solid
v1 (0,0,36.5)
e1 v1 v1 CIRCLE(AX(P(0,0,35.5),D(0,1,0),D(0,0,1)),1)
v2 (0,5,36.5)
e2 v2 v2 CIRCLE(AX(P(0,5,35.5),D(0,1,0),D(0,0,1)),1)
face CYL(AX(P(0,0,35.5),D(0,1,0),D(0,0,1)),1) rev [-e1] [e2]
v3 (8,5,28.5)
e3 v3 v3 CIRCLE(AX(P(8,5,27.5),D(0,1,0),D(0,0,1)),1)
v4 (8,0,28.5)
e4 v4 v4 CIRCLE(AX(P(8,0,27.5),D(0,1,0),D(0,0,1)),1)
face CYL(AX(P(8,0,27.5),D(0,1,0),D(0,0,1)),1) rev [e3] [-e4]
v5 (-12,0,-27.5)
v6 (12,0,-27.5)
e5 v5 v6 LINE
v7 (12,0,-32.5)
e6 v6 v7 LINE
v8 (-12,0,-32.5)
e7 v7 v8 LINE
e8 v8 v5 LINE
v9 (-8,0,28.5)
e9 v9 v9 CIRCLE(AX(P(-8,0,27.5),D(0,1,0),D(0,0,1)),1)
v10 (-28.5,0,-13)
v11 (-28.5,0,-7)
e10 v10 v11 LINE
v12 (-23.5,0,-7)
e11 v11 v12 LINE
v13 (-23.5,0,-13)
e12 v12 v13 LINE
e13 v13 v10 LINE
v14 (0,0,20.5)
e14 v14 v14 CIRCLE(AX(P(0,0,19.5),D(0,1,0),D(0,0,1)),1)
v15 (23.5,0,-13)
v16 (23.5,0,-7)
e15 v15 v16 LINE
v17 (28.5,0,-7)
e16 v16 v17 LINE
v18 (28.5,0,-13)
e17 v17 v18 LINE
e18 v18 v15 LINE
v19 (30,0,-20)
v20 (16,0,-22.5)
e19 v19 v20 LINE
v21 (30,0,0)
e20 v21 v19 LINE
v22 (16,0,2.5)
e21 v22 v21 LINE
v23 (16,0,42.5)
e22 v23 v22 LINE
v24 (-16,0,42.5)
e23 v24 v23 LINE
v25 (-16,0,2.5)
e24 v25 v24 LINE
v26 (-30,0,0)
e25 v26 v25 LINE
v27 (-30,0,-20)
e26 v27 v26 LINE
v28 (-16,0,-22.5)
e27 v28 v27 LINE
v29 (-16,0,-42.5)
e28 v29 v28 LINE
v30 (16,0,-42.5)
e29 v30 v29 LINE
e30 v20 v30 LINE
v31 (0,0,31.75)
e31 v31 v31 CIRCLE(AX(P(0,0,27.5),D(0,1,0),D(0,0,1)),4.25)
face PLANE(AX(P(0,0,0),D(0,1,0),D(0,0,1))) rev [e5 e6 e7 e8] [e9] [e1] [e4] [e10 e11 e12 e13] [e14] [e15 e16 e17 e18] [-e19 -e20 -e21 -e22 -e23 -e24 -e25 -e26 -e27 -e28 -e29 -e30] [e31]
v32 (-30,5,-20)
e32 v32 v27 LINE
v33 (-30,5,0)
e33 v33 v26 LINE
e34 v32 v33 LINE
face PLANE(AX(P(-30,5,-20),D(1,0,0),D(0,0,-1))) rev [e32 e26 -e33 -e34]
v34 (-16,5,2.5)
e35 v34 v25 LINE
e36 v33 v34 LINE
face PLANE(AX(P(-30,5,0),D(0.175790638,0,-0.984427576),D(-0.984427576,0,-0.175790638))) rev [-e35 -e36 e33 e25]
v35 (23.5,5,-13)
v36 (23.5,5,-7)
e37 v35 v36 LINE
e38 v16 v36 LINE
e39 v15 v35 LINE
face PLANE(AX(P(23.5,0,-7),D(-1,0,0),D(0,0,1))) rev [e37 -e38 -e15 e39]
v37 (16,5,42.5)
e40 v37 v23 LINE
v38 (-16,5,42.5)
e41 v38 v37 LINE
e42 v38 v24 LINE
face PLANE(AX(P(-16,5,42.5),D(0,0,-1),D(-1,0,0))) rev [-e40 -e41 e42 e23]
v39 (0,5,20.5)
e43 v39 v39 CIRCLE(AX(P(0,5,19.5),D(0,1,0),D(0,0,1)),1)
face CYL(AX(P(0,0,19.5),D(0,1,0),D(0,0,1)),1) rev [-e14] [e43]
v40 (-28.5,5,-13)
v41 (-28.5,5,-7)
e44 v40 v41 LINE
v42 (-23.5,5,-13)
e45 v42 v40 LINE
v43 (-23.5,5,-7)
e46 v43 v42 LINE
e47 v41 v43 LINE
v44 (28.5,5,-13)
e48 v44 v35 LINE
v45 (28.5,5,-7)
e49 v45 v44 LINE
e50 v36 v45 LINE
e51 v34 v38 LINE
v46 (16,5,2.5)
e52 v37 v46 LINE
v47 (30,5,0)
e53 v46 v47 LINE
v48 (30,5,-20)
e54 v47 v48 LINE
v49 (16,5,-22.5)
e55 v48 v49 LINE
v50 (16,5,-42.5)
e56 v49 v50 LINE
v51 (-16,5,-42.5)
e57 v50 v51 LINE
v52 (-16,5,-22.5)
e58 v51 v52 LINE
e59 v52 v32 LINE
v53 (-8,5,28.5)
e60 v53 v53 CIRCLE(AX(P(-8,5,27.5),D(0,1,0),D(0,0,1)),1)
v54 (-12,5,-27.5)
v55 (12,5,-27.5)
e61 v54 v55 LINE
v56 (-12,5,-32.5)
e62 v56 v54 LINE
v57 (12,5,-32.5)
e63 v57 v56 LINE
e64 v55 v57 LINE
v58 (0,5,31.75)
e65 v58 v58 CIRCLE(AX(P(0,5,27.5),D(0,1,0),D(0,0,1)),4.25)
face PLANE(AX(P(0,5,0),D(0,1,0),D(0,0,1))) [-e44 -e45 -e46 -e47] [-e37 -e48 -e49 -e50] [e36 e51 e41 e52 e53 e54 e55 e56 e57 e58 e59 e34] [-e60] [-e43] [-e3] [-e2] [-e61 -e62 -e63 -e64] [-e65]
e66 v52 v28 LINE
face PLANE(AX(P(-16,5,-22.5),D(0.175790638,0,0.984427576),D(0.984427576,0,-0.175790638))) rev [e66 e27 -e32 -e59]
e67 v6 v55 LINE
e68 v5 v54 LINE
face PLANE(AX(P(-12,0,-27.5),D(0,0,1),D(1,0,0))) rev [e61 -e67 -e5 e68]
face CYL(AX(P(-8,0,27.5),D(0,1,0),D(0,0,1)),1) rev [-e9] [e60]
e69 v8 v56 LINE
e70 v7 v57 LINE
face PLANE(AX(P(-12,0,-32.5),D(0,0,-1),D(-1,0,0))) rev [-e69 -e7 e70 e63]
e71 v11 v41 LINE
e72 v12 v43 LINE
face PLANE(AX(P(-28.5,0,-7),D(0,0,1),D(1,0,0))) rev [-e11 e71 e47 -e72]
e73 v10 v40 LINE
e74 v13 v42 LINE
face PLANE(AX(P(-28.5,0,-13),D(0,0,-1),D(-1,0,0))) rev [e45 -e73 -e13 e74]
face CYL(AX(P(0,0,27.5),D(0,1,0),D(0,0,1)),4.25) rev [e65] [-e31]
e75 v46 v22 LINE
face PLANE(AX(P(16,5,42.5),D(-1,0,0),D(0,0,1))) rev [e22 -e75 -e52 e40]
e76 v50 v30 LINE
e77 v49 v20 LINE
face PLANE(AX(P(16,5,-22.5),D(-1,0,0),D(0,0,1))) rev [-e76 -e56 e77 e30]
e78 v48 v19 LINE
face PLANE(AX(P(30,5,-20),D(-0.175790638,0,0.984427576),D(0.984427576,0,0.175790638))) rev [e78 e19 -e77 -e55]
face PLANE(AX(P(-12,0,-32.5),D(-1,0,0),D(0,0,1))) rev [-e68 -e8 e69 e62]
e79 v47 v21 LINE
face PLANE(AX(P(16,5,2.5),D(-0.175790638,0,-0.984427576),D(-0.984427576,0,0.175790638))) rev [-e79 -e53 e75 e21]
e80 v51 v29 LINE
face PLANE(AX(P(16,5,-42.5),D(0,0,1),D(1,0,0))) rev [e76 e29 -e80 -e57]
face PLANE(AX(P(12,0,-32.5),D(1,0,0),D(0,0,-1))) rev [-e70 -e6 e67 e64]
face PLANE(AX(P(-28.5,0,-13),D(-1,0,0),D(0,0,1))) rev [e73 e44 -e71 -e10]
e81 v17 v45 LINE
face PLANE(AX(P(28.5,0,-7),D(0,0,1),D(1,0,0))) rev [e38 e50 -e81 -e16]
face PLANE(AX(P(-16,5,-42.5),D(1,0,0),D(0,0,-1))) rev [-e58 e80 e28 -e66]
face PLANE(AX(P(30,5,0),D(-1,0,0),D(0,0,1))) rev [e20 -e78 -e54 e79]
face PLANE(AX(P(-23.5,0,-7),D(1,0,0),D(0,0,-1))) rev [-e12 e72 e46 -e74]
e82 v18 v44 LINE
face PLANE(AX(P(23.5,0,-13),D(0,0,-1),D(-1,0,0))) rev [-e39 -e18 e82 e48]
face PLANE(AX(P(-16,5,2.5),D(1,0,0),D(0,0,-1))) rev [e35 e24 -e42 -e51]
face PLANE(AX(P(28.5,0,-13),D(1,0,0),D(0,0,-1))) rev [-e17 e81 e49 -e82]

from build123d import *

# Parameters (mm, degrees)
BOSS_EXTRUDE1_DEPTH = 5
SKETCH2_R           = 4.25
SKETCH2_R_2         = 1
SKETCH2_W           = 5
SKETCH2_H           = 6
SKETCH2_W_2         = 24
SKETCH2_H_2         = 5
CUT_EXTRUDE1_DEPTH  = 5


with BuildPart() as part:
    # Sketch1 → Boss-Extrude1 (new body)
    with BuildSketch(Plane(origin=(0, 0, 0), x_dir=(1, 0, 0), z_dir=(0, 1, 0))):
        Polygon((-16, -42.5), (16, -42.5), (16, -2.5), (30, 0), (30, 20), (16, 22.5), (16, 42.5), (-16, 42.5), (-16, 22.5), (-30, 20), (-30, 0), (-16, -2.5), align=None)
    extrude(amount=BOSS_EXTRUDE1_DEPTH)

    # Sketch2 → Cut-Extrude1 (cut)
    with BuildSketch(Plane(origin=(0, 5, 0), x_dir=(1, 0, 0), z_dir=(0, 1, 0))):
        with Locations(Location((0, -27.5, 0), (0, 0, 270))):
            Circle(SKETCH2_R)
        with Locations(Location((-8, -27.5, 0), (0, 0, 270))):
            Circle(SKETCH2_R_2)
        with Locations(Location((0, -19.5, 0), (0, 0, 270))):
            Circle(SKETCH2_R_2)
        with Locations(Location((8, -27.5, 0), (0, 0, 270))):
            Circle(SKETCH2_R_2)
        with Locations(Location((0, -35.5, 0), (0, 0, 270))):
            Circle(SKETCH2_R_2)
        with Locations((-26, 10)):
            Rectangle(SKETCH2_W, SKETCH2_H)
        with Locations((26, 10)):
            Rectangle(SKETCH2_W, SKETCH2_H)
        with Locations((0, 30)):
            Rectangle(SKETCH2_W_2, SKETCH2_H_2)
    extrude(amount=-CUT_EXTRUDE1_DEPTH, mode=Mode.SUBTRACT)


solid = part.part
